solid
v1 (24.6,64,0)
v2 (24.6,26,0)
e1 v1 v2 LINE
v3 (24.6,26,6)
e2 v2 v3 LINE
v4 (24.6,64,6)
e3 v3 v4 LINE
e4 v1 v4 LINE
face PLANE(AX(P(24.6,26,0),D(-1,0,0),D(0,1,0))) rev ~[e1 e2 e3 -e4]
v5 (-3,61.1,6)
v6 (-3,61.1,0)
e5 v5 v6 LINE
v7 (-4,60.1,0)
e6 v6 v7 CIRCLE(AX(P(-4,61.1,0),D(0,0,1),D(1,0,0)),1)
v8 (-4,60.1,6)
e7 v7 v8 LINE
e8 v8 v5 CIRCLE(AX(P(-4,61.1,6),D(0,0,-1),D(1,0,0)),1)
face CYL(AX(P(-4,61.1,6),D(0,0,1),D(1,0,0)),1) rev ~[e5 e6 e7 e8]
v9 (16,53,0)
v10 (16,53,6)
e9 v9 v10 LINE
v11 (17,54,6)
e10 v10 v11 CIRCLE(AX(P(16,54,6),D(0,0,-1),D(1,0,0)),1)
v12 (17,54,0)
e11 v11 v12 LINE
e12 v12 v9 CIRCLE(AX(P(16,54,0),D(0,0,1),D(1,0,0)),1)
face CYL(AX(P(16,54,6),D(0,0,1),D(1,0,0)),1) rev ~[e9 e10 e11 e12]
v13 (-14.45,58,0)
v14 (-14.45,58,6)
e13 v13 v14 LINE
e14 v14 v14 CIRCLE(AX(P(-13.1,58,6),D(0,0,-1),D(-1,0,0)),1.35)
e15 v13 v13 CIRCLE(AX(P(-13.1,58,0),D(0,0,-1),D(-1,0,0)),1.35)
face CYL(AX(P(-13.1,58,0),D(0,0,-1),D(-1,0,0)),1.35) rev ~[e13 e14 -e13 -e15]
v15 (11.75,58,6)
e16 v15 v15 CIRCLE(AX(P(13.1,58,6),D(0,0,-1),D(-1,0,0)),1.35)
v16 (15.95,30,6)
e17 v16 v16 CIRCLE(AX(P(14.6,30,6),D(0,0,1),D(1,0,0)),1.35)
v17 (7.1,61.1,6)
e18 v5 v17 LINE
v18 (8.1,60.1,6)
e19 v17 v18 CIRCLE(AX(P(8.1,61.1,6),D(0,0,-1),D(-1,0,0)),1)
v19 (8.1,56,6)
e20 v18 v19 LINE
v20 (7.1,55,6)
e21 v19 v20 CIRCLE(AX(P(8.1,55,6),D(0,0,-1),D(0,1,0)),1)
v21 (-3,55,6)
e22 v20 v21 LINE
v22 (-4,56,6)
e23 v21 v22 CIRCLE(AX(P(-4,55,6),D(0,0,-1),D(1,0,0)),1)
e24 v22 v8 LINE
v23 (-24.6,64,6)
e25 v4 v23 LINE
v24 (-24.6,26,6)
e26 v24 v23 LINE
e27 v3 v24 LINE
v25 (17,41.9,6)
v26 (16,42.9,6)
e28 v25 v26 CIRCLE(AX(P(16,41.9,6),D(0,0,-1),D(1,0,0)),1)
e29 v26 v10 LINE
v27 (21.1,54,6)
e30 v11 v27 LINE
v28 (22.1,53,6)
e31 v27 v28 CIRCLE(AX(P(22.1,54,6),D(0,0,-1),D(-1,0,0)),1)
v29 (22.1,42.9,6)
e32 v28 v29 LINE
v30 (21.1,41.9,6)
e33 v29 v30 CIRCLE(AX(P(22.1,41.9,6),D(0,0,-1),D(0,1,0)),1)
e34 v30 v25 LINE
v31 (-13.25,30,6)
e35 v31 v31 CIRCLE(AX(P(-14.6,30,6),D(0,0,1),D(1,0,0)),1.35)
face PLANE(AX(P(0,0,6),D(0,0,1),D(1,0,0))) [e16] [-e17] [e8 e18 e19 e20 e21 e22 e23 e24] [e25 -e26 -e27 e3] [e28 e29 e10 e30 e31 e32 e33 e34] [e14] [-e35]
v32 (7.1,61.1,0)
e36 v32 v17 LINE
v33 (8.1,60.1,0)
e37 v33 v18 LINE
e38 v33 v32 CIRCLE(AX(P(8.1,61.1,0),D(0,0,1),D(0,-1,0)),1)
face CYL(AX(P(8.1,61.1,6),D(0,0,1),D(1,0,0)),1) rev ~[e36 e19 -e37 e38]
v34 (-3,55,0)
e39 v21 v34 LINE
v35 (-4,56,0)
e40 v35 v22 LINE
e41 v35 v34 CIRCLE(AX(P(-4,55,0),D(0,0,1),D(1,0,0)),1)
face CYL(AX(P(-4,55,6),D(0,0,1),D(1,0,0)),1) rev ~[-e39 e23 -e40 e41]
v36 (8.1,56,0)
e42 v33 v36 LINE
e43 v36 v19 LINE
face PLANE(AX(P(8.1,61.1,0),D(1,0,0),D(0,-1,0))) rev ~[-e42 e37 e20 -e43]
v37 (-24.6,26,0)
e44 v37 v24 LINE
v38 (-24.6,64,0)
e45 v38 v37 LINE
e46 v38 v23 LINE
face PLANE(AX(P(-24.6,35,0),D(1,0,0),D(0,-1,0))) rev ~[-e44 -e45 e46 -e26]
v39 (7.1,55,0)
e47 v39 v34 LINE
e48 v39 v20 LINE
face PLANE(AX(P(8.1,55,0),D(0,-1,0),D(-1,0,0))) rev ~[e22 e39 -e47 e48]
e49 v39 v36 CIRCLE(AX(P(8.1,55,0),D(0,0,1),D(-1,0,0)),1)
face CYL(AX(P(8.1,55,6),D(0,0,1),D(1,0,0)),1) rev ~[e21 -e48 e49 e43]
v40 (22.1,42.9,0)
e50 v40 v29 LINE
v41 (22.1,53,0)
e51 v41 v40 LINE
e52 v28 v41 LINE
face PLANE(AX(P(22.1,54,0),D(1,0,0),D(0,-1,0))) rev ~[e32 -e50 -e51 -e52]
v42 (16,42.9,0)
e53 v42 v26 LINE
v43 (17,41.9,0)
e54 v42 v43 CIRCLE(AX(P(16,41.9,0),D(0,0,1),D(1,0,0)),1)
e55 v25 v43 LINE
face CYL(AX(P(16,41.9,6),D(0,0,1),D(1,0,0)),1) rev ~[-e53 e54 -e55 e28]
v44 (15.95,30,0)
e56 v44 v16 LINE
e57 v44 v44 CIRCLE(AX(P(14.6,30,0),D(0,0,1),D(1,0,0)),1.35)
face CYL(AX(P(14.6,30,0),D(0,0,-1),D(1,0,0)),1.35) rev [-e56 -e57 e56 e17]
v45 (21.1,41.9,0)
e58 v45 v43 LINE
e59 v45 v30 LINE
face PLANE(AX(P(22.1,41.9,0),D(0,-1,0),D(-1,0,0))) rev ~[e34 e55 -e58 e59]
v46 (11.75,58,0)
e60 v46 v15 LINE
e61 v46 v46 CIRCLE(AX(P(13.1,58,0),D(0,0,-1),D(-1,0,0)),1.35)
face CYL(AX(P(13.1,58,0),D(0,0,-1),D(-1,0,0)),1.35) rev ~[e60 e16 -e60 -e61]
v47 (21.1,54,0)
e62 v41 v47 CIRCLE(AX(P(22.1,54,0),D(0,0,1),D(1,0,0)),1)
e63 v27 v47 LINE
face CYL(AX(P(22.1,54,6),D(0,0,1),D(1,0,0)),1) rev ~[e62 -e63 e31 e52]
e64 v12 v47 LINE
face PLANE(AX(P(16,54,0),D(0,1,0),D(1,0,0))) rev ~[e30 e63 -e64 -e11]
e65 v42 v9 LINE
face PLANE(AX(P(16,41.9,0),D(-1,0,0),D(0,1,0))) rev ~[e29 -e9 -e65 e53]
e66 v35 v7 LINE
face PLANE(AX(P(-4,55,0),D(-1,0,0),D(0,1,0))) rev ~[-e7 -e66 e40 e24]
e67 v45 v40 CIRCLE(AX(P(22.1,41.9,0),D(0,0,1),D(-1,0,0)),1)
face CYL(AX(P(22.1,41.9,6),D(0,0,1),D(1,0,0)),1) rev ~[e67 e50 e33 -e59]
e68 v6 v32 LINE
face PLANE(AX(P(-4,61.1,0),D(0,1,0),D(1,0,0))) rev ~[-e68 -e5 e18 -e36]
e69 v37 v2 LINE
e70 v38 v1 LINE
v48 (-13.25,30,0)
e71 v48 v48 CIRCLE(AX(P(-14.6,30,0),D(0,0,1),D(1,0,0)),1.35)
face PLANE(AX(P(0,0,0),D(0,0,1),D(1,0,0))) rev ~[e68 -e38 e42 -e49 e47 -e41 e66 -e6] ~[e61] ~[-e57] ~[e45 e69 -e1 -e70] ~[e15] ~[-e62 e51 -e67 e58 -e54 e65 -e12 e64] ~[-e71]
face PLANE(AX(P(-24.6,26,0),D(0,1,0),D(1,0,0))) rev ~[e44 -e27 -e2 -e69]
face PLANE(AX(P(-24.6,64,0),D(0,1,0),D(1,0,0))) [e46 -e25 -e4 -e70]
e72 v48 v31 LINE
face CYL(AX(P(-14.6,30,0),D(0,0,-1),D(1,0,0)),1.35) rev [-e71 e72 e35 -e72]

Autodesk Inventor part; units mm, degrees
ref_plane "YZ Plane" through (0, 0, 0) normal (1, 0, 0) x (0, 1, 0)
ref_plane "XZ Plane" through (0, 0, 0) normal (0, 1, 0) x (-1, 0, 0)
ref_plane "XY Plane" through (0, 0, 0) normal (0, 0, 1) x (1, 0, 0)
ref_plane "작업 평면1" through (0, 0, 0) normal (0, 0, 1) x (1, 0, 0)
sketch "스케치1" plane through (0, 0, 0) normal (0, 0, 1) x (1, 0, 0)
  line L0 (14.6, 27) -> (14.6, -35) projected
  line L1 (14.6, -35) -> (24.6, -35) projected
  line L2 (24.6, -35) -> (24.6, 35) projected
  line L3 (24.6, 35) -> (-24.6, 35) projected
  line L4 (-24.6, 35) -> (-24.6, -35) projected
  line L5 (-24.6, -35) -> (-14.6, -35) projected
  line L6 (-14.6, -35) -> (-14.6, 27) projected
  line L7 (-14.6, 27) -> (14.6, 27) projected
  circle A0 centre (-14.6, 30) radius 1.35 projected
  circle A1 centre (14.6, 30) radius 1.35 projected
  circle A2 centre (-17.3, -31) radius 1.35 projected
  circle A3 centre (-17.3, 13) radius 1.35 projected
  circle A4 centre (-17.3, -9) radius 1.35 projected
  circle A5 centre (17.3, -9) radius 1.35 projected
  circle A6 centre (17.3, 13) radius 1.35 projected
  circle A7 centre (17.3, -31) radius 1.35 projected
  line L8 (-24.6, 26) -> (24.6, 26)
  line L9 (24.6, 26) -> (24.6, 64)
  line L10 (-24.6, 64) -> (-24.6, 26)
  line L11 (22.1, 41.9) -> (16, 41.9)
  line L12 (16, 41.9) -> (16, 54)
  line L13 (16, 54) -> (22.1, 54)
  line L14 (22.1, 54) -> (22.1, 41.9)
  line L15 (8.1, 55) -> (-4, 55)
  line L16 (-4, 55) -> (-4, 61.1)
  line L17 (-4, 61.1) -> (8.1, 61.1)
  line L18 (8.1, 61.1) -> (8.1, 55)
  line L19 (-4, 64) -> (24.6, 64)
  line L20 (-24.6, 64) -> (-4, 64)
  point P0 (0, 0)
  dimension "d1" = 6.1
  dimension "d2" = 12.1
  dimension "d11" = 6.1
extrude "돌출2" add sketch "스케치1" along normal blind 6 contours L7 L6 L8 L4 L3 L2 L0 | L0 L8 L6 L7 | L3 L10 L20 L19 L9
sketch "스케치2" plane through (0, 0, 0) normal (0, 0, -1) x (-1, 0, 0)
  line L0 (-8.1, 61.1) -> (-8.1, 55) projected
  circle A0 centre (-13.1, 58) radius 1.35
  circle A1 centre (13.1, 58) radius 1.35
  point P0 (0, 0)
  dimension "d14" = 2.7
  dimension "d15" = 2.7
extrude "돌출3" cut sketch "스케치2" against normal through all
sketch "스케치3" plane through (0, 0, 6) normal (0, 0, 1) x (1, 0, 0)
  line L0 (8.1, 55) -> (-4, 55) projected
  line L1 (8.1, 61.1) -> (8.1, 55) projected
  line L2 (-4, 61.1) -> (8.1, 61.1) projected
  line L3 (-4, 55) -> (-4, 61.1) projected
  line L4 (16, 54) -> (22.1, 54) projected
  line L5 (22.1, 41.9) -> (16, 41.9) projected
  line L6 (22.1, 54) -> (22.1, 41.9) projected
  line L7 (16, 41.9) -> (16, 54) projected
  circle A0 centre (-4, 61.1) radius 1
  circle A1 centre (8.1, 61.1) radius 1
  circle A2 centre (8.1, 55) radius 1
  circle A3 centre (-4, 55) radius 1
  circle A4 centre (16, 54) radius 1
  circle A5 centre (22.1, 54) radius 1
  circle A6 centre (22.1, 41.9) radius 1
  circle A7 centre (16, 41.9) radius 1
  point P0 (0, 0)
  point P1 (22.1, 53)
  point P2 (21.1, 54)
  dimension "d18" = 2
  dimension "d19" = 2
  dimension "d20" = 2
  dimension "d21" = 2
  dimension "d22" = 2
  dimension "d23" = 2
  dimension "d24" = 2
  dimension "d25" = 2
extrude "돌출4" cut sketch "스케치3" against normal blind 10 contours A3 L3 L0 | L0 L3 A3 | A2 L1 L0 | L0 L1 A2 | A0 L2 L3 | L3 L2 A0 | A1 L2 L1 | L1 L2 A1 | L7 A4 L4 | L4 A4 L7 | A5 L6 L4 | A7 L5 L7 | L7 L5 A7 | A6 L5 L6 | L6 L5 A6 picked at (21.7924, 54.586)
properties part number "battery sideplate" material "PMMA 플라스틱"
